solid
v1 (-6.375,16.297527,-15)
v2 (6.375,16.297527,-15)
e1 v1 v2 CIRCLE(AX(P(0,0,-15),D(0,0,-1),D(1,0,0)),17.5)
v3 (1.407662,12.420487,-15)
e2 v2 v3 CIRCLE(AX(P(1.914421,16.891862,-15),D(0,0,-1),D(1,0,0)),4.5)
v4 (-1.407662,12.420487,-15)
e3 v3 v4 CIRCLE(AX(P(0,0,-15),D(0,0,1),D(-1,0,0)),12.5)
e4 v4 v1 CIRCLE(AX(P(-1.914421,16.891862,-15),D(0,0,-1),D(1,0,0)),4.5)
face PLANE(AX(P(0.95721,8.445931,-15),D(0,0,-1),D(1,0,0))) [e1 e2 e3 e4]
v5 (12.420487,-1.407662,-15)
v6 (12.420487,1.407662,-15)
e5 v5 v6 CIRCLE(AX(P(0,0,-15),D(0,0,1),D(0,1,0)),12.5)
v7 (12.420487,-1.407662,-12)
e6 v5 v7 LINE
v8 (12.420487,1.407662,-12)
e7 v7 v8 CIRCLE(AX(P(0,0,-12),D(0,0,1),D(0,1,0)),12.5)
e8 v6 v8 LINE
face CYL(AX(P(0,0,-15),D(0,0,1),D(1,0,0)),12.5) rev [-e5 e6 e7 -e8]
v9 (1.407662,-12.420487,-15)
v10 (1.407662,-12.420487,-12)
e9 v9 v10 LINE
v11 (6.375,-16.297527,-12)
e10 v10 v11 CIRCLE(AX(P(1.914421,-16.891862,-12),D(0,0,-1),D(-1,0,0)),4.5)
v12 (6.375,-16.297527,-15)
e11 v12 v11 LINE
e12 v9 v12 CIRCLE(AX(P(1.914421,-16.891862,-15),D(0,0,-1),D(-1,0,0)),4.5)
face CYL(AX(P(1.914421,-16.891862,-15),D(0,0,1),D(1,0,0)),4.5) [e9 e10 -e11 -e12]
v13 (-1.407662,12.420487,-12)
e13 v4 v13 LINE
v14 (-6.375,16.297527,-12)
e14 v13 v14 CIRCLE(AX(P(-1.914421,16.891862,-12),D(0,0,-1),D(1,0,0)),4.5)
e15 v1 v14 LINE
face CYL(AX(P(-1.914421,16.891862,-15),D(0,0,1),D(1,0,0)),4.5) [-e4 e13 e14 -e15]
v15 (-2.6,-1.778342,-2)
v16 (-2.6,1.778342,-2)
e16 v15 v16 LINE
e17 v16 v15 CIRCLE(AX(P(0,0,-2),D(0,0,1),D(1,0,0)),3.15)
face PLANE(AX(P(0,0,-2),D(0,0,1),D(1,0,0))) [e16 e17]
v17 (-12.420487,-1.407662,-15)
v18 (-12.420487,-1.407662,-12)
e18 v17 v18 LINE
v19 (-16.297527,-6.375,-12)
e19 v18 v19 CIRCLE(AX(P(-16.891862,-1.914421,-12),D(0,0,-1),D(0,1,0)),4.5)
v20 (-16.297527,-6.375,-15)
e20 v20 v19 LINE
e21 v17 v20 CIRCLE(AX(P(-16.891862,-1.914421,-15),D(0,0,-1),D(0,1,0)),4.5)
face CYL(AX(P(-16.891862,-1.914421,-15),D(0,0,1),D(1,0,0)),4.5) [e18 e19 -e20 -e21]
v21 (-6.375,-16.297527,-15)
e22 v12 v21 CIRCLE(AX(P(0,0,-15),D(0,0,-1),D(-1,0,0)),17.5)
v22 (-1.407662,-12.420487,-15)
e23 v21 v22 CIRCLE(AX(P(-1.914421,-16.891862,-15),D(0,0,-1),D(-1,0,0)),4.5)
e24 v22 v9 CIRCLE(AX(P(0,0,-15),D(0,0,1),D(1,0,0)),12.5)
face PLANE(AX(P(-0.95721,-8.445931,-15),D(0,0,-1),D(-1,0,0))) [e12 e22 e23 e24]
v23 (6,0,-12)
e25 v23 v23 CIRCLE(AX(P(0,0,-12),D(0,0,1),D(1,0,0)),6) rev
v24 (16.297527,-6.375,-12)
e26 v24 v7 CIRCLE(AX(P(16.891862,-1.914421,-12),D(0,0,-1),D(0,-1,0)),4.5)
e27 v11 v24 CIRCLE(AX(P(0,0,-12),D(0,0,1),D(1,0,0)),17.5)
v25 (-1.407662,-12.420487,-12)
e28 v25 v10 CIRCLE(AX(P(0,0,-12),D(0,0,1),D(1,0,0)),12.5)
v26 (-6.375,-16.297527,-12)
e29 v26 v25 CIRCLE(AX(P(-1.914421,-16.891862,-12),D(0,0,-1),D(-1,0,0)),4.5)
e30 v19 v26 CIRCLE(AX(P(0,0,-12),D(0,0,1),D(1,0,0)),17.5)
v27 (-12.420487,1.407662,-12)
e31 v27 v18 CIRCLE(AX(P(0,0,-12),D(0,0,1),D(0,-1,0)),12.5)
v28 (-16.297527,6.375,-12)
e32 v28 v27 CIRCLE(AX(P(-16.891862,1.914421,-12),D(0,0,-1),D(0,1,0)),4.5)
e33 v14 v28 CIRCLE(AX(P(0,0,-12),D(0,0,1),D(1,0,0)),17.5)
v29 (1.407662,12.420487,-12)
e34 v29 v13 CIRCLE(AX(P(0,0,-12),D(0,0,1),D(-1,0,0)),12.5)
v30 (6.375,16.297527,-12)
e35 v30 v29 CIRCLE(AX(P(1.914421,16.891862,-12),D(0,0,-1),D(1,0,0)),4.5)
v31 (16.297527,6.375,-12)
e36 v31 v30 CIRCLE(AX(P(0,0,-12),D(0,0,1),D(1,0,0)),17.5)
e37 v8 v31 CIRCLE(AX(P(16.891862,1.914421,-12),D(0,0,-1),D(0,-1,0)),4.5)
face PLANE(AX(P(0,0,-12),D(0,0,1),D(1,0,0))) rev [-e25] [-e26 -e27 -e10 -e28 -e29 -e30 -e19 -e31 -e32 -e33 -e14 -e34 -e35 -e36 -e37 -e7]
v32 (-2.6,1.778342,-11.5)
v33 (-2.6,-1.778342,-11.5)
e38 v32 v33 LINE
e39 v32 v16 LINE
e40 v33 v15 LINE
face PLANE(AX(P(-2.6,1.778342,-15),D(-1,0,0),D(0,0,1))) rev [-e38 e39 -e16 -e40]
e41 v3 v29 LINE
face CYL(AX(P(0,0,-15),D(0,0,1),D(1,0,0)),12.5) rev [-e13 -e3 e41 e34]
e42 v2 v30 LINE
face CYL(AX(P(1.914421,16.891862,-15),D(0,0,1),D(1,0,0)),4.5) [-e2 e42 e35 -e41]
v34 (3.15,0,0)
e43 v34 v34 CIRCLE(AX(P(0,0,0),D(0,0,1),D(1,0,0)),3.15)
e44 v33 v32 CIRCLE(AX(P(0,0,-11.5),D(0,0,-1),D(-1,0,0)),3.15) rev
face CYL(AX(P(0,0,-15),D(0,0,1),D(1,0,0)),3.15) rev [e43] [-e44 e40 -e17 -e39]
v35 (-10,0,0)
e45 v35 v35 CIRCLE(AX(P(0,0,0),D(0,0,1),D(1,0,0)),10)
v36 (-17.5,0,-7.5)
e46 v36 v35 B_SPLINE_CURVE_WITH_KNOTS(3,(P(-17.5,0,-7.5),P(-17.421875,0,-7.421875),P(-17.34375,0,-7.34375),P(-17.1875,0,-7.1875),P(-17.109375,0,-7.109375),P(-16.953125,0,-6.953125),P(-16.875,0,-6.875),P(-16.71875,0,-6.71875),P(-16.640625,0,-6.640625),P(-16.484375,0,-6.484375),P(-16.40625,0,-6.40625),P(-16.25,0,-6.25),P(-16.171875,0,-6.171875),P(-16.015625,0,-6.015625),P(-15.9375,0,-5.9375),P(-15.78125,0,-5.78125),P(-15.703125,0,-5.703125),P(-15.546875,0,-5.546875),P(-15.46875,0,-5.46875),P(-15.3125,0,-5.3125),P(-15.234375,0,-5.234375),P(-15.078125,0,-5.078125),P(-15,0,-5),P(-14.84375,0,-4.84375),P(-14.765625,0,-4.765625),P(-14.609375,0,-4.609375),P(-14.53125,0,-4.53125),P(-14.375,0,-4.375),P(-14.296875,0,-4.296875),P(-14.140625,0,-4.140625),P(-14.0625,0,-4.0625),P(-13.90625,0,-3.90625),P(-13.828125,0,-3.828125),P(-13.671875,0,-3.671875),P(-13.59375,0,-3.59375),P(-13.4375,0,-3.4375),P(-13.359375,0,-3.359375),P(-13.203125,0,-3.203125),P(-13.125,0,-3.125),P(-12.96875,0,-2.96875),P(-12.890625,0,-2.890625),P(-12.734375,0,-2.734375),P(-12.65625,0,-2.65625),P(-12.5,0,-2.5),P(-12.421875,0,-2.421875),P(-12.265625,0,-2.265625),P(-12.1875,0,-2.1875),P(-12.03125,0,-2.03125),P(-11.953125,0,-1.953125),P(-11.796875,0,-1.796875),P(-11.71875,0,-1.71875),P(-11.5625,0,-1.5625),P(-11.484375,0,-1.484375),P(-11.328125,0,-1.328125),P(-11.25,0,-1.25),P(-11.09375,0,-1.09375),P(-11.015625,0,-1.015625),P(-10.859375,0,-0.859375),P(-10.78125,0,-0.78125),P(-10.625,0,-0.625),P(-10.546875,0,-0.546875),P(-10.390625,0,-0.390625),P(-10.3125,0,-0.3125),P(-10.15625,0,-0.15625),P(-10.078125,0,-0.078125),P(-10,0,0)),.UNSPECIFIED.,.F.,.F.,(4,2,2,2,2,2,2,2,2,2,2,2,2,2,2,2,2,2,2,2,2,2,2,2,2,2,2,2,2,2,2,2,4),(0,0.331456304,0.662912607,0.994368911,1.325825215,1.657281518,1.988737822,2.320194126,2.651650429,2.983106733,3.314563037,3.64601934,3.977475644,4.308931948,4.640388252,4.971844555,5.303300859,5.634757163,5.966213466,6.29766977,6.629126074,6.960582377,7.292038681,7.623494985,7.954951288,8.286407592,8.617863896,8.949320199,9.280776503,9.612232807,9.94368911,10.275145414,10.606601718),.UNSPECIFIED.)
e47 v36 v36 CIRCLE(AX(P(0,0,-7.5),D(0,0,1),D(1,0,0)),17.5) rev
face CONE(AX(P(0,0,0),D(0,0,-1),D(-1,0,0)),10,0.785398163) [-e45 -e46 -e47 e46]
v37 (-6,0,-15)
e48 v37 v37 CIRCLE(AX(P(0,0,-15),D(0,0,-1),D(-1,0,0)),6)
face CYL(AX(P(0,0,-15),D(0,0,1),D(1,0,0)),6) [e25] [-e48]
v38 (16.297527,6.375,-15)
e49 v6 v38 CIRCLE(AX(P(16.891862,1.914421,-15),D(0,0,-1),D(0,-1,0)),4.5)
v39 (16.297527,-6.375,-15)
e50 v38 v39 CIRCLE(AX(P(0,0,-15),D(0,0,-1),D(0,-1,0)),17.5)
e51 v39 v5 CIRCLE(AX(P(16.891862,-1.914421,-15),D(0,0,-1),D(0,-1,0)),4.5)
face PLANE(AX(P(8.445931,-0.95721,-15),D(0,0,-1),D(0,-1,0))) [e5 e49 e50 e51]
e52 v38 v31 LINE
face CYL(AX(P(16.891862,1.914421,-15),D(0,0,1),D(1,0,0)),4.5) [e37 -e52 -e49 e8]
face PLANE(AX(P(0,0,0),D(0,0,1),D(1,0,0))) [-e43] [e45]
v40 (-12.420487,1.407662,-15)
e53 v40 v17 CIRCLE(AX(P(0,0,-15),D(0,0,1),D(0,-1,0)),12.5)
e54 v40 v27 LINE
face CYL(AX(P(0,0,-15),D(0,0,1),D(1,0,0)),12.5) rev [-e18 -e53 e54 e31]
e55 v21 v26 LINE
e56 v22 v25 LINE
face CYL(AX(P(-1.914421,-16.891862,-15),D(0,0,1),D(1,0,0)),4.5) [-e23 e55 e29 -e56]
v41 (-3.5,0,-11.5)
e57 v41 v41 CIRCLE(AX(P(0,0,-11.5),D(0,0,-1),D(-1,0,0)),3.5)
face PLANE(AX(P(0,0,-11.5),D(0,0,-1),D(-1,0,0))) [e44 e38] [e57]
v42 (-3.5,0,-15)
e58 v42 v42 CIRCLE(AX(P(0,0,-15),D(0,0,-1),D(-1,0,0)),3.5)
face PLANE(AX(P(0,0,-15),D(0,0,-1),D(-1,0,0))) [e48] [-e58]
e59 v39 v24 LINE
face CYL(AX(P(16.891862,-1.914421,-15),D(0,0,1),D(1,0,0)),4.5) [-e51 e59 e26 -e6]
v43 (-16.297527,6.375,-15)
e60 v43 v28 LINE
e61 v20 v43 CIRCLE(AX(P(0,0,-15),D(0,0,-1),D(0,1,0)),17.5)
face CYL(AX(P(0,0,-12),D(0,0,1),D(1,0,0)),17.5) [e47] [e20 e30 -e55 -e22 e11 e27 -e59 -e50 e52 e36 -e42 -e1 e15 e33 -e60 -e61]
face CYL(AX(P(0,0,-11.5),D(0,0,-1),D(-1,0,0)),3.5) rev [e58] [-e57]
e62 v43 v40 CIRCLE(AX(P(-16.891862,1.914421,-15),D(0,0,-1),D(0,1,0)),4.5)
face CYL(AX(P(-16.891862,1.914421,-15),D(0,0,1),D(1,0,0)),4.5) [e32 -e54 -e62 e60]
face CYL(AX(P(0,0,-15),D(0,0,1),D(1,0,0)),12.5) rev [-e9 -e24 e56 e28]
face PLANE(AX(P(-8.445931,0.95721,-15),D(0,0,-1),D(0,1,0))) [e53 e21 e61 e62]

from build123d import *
from build123d.topology import SkipClean

# Parameters (mm, degrees)
BASEMODELSKETCH_R                  = 17.5
BASEMODEL_DEPTH                    = 12
KEYTOOTH_DEPTH                     = 3
PATTERNKEY_COUNT                   = 4
CENTERHOLESUPPORTEXTRUSIONSKETCH_R = 6
CENTERHOLESUPPORTEXTRUSION_DEPTH   = 3
INNERHOLEWITHKEY_DEPTH             = 29.939592257
HOLEFORSPRINGAXLESKETCH_R          = 3.5
HOLEFORSPRINGAXLE_DEPTH            = 3.5
ENCODERKEYEND_R                    = 3.15
ENDOERKEYEND_DEPTH                 = 2
CHAMFER1_SIZE                      = 7.5


with BuildPart() as part:
    # BaseModelSketch → BaseModel (new body)
    with BuildSketch(Plane.XY):
        Circle(BASEMODELSKETCH_R)
    extrude(amount=-BASEMODEL_DEPTH)

    # KeyToothSketch → KeyTooth (add)
    with BuildSketch(Plane(origin=(0, 0, -12), x_dir=(-1, 0, 0), z_dir=(0, 0, -1))):
        with BuildLine():
            ThreePointArc((6.375, -16.297526653), (4.683181341, -13.344473155), (1.407662434, -12.420486563))
            ThreePointArc((1.407662434, -12.420486563), (0, -12.5), (-1.407662434, -12.420486563))
            ThreePointArc((-1.407662434, -12.420486563), (-4.683181341, -13.344473155), (-6.375, -16.297526653))
            ThreePointArc((-6.375, -16.297526653), (0, -17.5), (6.375, -16.297526653))
        make_face()
    keytooth = extrude(amount=KEYTOOTH_DEPTH)

    # PatternKey: KeyTooth ×4 about axis
    with SkipClean():  # the faces are left unmerged after this step: merging them gives an invalid solid
        patternkey_axis = Axis((0, 0, 0), (0, 0, 1))
        for i in range(1, PATTERNKEY_COUNT):
            add(keytooth.rotate(patternkey_axis, i * 360 / PATTERNKEY_COUNT))

    # CenterHoleSupportExtrusionSketch → CenterHoleSupportExtrusion (add)
    with SkipClean():  # the faces are left unmerged after this step: merging them gives an invalid solid
        with BuildSketch(Plane(origin=(0, 0, -12), x_dir=(-1, 0, 0), z_dir=(0, 0, -1))):
            with Locations(Location((0, 0, 0), (0, 0, 180))):
                Circle(CENTERHOLESUPPORTEXTRUSIONSKETCH_R)
        extrude(amount=CENTERHOLESUPPORTEXTRUSION_DEPTH)

    # InnerHoleWithKeySketch → InnerHoleWithKey (cut, through all)
    with SkipClean():  # the faces are left unmerged after this step: merging them gives an invalid solid
        with BuildSketch(Plane.XY):
            with BuildLine():
                Line((-2.6, 1.778341924), (-2.6, -1.778341924))
                ThreePointArc((-2.6, -1.778341924), (3.15, 0), (-2.6, 1.778341924))
            make_face()
        extrude(amount=-INNERHOLEWITHKEY_DEPTH, mode=Mode.SUBTRACT)

    # HoleforSpringAxleSketch → HoleforSpringAxle (cut)
    with SkipClean():  # the faces are left unmerged after this step: merging them gives an invalid solid
        with BuildSketch(Plane(origin=(0, 0, -15), x_dir=(-1, 0, 0), z_dir=(0, 0, -1))):
            Circle(HOLEFORSPRINGAXLESKETCH_R)
        extrude(amount=-HOLEFORSPRINGAXLE_DEPTH, mode=Mode.SUBTRACT)

    # EncoderKeyEnd → EndoerKeyEnd (cut)
    with SkipClean():  # the faces are left unmerged after this step: merging them gives an invalid solid
        with BuildSketch(Plane.XY):
            Circle(ENCODERKEYEND_R)
        extrude(amount=-ENDOERKEYEND_DEPTH, mode=Mode.SUBTRACT)

    # Chamfer1
    chamfer1_edges = [part.edges().sort_by_distance(p)[0] for p in [
        (-17.5, 0, 0),
    ]]
    chamfer(chamfer1_edges, length=CHAMFER1_SIZE)


solid = part.part
